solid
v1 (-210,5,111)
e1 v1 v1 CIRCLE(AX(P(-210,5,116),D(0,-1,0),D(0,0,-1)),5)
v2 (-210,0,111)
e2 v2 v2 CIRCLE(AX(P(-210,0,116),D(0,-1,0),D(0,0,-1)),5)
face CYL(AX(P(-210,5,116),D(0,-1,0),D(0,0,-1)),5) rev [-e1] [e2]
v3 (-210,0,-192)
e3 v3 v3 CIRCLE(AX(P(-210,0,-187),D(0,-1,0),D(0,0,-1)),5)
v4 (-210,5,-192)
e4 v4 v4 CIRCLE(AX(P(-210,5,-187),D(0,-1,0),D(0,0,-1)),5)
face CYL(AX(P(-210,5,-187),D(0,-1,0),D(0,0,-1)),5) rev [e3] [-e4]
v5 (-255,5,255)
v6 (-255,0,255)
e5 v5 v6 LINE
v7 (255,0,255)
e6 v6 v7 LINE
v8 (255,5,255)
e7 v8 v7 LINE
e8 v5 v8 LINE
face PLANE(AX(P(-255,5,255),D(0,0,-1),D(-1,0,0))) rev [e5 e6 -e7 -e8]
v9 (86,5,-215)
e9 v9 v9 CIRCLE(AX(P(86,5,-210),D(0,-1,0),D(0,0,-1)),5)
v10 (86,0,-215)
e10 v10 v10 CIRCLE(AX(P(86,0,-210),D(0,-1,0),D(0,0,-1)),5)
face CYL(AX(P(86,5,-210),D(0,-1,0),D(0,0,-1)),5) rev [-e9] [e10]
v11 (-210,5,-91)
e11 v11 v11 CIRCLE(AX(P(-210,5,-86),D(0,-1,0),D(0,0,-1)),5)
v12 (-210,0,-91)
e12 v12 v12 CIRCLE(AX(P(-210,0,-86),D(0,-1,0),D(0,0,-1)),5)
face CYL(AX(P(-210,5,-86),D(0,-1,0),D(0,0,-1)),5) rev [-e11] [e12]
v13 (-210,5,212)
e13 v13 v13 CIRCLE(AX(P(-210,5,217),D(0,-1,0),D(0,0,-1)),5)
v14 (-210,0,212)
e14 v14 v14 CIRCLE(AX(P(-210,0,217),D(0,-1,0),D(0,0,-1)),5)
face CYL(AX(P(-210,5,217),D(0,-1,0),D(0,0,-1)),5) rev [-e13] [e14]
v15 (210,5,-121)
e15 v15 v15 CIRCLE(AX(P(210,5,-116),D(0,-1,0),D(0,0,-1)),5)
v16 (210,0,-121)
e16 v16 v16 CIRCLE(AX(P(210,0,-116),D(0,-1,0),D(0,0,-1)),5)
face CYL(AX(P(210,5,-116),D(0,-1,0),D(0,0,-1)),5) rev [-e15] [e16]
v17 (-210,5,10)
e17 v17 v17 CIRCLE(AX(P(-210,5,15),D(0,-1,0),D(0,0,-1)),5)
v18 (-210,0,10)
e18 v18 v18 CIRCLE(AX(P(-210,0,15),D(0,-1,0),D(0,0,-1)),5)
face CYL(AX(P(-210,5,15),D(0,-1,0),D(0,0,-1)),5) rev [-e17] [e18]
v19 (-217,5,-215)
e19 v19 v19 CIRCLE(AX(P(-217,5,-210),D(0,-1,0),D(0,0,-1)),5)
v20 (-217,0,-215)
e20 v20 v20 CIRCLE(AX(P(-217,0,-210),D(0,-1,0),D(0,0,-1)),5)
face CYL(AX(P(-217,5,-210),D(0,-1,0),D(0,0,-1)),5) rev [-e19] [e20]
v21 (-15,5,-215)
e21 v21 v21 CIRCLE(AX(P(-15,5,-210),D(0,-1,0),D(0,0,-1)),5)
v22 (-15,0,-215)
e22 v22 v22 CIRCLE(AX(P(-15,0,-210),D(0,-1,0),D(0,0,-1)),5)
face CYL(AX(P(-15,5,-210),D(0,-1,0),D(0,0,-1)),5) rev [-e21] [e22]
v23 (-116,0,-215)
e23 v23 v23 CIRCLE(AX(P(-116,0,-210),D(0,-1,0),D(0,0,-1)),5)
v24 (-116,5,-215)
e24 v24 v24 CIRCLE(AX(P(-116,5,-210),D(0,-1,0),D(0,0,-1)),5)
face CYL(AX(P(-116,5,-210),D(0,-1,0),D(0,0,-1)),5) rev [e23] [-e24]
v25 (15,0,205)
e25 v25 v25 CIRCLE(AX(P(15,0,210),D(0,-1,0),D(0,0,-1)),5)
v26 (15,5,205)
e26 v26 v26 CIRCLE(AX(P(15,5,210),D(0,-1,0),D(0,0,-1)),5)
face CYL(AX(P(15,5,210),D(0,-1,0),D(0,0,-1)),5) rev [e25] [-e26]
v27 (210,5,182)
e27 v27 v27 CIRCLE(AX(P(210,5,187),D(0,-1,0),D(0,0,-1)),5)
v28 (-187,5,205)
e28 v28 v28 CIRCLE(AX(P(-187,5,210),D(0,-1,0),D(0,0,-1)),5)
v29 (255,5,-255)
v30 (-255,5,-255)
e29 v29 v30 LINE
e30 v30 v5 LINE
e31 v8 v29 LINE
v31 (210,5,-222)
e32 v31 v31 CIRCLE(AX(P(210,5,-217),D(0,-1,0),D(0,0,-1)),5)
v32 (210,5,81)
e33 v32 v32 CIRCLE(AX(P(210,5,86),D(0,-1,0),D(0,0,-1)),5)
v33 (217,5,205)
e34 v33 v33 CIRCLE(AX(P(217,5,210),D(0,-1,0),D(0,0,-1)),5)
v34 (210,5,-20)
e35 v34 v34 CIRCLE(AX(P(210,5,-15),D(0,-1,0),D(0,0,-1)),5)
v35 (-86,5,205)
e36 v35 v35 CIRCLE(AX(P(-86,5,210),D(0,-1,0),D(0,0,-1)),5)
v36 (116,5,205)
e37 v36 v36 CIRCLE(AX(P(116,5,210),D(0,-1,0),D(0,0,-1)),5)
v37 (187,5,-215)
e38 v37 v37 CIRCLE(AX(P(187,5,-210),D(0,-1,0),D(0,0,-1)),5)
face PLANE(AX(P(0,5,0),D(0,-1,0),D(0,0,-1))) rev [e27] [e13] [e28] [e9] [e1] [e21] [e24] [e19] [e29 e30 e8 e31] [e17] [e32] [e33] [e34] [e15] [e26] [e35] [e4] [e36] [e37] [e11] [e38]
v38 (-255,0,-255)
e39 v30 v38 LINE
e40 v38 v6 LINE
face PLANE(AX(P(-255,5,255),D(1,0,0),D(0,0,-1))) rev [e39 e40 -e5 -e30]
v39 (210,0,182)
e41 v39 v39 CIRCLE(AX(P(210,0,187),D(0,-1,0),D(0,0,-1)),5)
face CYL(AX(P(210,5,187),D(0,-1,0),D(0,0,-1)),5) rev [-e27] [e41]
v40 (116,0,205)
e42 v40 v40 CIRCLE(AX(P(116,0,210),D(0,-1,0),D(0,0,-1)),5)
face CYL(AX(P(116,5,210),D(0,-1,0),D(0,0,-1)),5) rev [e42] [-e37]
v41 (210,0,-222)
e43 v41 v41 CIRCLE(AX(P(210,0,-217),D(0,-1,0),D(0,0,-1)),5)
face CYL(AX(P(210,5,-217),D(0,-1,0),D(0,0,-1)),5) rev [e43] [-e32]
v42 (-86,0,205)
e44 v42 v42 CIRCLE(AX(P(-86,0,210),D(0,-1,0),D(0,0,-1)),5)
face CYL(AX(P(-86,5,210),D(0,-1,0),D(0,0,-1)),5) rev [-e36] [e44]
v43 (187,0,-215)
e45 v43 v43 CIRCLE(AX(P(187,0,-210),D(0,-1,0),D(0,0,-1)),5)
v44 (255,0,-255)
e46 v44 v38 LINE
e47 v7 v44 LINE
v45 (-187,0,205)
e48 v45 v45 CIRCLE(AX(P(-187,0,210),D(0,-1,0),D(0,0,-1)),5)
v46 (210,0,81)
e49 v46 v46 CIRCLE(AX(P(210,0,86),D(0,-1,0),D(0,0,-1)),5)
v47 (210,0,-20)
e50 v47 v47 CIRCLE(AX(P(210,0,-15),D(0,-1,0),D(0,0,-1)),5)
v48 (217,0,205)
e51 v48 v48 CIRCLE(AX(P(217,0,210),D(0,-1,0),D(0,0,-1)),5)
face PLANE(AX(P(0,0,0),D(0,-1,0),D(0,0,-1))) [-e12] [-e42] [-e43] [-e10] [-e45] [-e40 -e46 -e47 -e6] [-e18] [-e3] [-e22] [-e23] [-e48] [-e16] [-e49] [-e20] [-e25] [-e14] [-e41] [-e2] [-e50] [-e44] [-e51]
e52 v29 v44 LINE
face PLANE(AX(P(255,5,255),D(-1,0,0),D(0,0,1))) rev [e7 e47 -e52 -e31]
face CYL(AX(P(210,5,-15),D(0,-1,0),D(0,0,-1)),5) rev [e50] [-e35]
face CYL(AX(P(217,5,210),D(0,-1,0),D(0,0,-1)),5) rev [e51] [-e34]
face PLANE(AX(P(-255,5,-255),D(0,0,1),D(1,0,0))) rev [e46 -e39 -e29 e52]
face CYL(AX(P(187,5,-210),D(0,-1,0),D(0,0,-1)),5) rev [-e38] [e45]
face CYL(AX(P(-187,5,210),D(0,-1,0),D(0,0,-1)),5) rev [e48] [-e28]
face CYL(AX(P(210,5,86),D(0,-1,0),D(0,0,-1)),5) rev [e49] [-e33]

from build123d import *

# Parameters (mm, degrees)
SKETCH1_W           = 510
SKETCH1_H           = 510
BOSS_EXTRUDE1_DEPTH = 5
SKETCH3_R           = 5
CUT_EXTRUDE1_DEPTH  = 6


with BuildPart() as part:
    # Sketch1 → Boss-Extrude1 (new body)
    with BuildSketch(Plane(origin=(0, 0, 0), x_dir=(1, 0, 0), z_dir=(0, 1, 0))):
        Rectangle(SKETCH1_W, SKETCH1_H)
    extrude(amount=BOSS_EXTRUDE1_DEPTH)

    # Sketch3 → Cut-Extrude1 (cut, through all)
    with BuildSketch(Plane.XZ):
        with Locations((217, 210)):
            Circle(SKETCH3_R)
        with Locations((116, 210)):
            Circle(SKETCH3_R)
        with Locations((15, 210)):
            Circle(SKETCH3_R)
        with Locations((-86, 210)):
            Circle(SKETCH3_R)
        with Locations((-187, 210)):
            Circle(SKETCH3_R)
        with Locations((-210, 217)):
            Circle(SKETCH3_R)
        with Locations((-210, 116)):
            Circle(SKETCH3_R)
        with Locations((-210, 15)):
            Circle(SKETCH3_R)
        with Locations((-210, -86)):
            Circle(SKETCH3_R)
        with Locations((-210, -187)):
            Circle(SKETCH3_R)
        with Locations((-217, -210)):
            Circle(SKETCH3_R)
        with Locations((-116, -210)):
            Circle(SKETCH3_R)
        with Locations((-15, -210)):
            Circle(SKETCH3_R)
        with Locations((86, -210)):
            Circle(SKETCH3_R)
        with Locations((187, -210)):
            Circle(SKETCH3_R)
        with Locations((210, -217)):
            Circle(SKETCH3_R)
        with Locations((210, -116)):
            Circle(SKETCH3_R)
        with Locations((210, -15)):
            Circle(SKETCH3_R)
        with Locations((210, 86)):
            Circle(SKETCH3_R)
        with Locations((210, 187)):
            Circle(SKETCH3_R)
    extrude(amount=-CUT_EXTRUDE1_DEPTH, mode=Mode.SUBTRACT)


solid = part.part
